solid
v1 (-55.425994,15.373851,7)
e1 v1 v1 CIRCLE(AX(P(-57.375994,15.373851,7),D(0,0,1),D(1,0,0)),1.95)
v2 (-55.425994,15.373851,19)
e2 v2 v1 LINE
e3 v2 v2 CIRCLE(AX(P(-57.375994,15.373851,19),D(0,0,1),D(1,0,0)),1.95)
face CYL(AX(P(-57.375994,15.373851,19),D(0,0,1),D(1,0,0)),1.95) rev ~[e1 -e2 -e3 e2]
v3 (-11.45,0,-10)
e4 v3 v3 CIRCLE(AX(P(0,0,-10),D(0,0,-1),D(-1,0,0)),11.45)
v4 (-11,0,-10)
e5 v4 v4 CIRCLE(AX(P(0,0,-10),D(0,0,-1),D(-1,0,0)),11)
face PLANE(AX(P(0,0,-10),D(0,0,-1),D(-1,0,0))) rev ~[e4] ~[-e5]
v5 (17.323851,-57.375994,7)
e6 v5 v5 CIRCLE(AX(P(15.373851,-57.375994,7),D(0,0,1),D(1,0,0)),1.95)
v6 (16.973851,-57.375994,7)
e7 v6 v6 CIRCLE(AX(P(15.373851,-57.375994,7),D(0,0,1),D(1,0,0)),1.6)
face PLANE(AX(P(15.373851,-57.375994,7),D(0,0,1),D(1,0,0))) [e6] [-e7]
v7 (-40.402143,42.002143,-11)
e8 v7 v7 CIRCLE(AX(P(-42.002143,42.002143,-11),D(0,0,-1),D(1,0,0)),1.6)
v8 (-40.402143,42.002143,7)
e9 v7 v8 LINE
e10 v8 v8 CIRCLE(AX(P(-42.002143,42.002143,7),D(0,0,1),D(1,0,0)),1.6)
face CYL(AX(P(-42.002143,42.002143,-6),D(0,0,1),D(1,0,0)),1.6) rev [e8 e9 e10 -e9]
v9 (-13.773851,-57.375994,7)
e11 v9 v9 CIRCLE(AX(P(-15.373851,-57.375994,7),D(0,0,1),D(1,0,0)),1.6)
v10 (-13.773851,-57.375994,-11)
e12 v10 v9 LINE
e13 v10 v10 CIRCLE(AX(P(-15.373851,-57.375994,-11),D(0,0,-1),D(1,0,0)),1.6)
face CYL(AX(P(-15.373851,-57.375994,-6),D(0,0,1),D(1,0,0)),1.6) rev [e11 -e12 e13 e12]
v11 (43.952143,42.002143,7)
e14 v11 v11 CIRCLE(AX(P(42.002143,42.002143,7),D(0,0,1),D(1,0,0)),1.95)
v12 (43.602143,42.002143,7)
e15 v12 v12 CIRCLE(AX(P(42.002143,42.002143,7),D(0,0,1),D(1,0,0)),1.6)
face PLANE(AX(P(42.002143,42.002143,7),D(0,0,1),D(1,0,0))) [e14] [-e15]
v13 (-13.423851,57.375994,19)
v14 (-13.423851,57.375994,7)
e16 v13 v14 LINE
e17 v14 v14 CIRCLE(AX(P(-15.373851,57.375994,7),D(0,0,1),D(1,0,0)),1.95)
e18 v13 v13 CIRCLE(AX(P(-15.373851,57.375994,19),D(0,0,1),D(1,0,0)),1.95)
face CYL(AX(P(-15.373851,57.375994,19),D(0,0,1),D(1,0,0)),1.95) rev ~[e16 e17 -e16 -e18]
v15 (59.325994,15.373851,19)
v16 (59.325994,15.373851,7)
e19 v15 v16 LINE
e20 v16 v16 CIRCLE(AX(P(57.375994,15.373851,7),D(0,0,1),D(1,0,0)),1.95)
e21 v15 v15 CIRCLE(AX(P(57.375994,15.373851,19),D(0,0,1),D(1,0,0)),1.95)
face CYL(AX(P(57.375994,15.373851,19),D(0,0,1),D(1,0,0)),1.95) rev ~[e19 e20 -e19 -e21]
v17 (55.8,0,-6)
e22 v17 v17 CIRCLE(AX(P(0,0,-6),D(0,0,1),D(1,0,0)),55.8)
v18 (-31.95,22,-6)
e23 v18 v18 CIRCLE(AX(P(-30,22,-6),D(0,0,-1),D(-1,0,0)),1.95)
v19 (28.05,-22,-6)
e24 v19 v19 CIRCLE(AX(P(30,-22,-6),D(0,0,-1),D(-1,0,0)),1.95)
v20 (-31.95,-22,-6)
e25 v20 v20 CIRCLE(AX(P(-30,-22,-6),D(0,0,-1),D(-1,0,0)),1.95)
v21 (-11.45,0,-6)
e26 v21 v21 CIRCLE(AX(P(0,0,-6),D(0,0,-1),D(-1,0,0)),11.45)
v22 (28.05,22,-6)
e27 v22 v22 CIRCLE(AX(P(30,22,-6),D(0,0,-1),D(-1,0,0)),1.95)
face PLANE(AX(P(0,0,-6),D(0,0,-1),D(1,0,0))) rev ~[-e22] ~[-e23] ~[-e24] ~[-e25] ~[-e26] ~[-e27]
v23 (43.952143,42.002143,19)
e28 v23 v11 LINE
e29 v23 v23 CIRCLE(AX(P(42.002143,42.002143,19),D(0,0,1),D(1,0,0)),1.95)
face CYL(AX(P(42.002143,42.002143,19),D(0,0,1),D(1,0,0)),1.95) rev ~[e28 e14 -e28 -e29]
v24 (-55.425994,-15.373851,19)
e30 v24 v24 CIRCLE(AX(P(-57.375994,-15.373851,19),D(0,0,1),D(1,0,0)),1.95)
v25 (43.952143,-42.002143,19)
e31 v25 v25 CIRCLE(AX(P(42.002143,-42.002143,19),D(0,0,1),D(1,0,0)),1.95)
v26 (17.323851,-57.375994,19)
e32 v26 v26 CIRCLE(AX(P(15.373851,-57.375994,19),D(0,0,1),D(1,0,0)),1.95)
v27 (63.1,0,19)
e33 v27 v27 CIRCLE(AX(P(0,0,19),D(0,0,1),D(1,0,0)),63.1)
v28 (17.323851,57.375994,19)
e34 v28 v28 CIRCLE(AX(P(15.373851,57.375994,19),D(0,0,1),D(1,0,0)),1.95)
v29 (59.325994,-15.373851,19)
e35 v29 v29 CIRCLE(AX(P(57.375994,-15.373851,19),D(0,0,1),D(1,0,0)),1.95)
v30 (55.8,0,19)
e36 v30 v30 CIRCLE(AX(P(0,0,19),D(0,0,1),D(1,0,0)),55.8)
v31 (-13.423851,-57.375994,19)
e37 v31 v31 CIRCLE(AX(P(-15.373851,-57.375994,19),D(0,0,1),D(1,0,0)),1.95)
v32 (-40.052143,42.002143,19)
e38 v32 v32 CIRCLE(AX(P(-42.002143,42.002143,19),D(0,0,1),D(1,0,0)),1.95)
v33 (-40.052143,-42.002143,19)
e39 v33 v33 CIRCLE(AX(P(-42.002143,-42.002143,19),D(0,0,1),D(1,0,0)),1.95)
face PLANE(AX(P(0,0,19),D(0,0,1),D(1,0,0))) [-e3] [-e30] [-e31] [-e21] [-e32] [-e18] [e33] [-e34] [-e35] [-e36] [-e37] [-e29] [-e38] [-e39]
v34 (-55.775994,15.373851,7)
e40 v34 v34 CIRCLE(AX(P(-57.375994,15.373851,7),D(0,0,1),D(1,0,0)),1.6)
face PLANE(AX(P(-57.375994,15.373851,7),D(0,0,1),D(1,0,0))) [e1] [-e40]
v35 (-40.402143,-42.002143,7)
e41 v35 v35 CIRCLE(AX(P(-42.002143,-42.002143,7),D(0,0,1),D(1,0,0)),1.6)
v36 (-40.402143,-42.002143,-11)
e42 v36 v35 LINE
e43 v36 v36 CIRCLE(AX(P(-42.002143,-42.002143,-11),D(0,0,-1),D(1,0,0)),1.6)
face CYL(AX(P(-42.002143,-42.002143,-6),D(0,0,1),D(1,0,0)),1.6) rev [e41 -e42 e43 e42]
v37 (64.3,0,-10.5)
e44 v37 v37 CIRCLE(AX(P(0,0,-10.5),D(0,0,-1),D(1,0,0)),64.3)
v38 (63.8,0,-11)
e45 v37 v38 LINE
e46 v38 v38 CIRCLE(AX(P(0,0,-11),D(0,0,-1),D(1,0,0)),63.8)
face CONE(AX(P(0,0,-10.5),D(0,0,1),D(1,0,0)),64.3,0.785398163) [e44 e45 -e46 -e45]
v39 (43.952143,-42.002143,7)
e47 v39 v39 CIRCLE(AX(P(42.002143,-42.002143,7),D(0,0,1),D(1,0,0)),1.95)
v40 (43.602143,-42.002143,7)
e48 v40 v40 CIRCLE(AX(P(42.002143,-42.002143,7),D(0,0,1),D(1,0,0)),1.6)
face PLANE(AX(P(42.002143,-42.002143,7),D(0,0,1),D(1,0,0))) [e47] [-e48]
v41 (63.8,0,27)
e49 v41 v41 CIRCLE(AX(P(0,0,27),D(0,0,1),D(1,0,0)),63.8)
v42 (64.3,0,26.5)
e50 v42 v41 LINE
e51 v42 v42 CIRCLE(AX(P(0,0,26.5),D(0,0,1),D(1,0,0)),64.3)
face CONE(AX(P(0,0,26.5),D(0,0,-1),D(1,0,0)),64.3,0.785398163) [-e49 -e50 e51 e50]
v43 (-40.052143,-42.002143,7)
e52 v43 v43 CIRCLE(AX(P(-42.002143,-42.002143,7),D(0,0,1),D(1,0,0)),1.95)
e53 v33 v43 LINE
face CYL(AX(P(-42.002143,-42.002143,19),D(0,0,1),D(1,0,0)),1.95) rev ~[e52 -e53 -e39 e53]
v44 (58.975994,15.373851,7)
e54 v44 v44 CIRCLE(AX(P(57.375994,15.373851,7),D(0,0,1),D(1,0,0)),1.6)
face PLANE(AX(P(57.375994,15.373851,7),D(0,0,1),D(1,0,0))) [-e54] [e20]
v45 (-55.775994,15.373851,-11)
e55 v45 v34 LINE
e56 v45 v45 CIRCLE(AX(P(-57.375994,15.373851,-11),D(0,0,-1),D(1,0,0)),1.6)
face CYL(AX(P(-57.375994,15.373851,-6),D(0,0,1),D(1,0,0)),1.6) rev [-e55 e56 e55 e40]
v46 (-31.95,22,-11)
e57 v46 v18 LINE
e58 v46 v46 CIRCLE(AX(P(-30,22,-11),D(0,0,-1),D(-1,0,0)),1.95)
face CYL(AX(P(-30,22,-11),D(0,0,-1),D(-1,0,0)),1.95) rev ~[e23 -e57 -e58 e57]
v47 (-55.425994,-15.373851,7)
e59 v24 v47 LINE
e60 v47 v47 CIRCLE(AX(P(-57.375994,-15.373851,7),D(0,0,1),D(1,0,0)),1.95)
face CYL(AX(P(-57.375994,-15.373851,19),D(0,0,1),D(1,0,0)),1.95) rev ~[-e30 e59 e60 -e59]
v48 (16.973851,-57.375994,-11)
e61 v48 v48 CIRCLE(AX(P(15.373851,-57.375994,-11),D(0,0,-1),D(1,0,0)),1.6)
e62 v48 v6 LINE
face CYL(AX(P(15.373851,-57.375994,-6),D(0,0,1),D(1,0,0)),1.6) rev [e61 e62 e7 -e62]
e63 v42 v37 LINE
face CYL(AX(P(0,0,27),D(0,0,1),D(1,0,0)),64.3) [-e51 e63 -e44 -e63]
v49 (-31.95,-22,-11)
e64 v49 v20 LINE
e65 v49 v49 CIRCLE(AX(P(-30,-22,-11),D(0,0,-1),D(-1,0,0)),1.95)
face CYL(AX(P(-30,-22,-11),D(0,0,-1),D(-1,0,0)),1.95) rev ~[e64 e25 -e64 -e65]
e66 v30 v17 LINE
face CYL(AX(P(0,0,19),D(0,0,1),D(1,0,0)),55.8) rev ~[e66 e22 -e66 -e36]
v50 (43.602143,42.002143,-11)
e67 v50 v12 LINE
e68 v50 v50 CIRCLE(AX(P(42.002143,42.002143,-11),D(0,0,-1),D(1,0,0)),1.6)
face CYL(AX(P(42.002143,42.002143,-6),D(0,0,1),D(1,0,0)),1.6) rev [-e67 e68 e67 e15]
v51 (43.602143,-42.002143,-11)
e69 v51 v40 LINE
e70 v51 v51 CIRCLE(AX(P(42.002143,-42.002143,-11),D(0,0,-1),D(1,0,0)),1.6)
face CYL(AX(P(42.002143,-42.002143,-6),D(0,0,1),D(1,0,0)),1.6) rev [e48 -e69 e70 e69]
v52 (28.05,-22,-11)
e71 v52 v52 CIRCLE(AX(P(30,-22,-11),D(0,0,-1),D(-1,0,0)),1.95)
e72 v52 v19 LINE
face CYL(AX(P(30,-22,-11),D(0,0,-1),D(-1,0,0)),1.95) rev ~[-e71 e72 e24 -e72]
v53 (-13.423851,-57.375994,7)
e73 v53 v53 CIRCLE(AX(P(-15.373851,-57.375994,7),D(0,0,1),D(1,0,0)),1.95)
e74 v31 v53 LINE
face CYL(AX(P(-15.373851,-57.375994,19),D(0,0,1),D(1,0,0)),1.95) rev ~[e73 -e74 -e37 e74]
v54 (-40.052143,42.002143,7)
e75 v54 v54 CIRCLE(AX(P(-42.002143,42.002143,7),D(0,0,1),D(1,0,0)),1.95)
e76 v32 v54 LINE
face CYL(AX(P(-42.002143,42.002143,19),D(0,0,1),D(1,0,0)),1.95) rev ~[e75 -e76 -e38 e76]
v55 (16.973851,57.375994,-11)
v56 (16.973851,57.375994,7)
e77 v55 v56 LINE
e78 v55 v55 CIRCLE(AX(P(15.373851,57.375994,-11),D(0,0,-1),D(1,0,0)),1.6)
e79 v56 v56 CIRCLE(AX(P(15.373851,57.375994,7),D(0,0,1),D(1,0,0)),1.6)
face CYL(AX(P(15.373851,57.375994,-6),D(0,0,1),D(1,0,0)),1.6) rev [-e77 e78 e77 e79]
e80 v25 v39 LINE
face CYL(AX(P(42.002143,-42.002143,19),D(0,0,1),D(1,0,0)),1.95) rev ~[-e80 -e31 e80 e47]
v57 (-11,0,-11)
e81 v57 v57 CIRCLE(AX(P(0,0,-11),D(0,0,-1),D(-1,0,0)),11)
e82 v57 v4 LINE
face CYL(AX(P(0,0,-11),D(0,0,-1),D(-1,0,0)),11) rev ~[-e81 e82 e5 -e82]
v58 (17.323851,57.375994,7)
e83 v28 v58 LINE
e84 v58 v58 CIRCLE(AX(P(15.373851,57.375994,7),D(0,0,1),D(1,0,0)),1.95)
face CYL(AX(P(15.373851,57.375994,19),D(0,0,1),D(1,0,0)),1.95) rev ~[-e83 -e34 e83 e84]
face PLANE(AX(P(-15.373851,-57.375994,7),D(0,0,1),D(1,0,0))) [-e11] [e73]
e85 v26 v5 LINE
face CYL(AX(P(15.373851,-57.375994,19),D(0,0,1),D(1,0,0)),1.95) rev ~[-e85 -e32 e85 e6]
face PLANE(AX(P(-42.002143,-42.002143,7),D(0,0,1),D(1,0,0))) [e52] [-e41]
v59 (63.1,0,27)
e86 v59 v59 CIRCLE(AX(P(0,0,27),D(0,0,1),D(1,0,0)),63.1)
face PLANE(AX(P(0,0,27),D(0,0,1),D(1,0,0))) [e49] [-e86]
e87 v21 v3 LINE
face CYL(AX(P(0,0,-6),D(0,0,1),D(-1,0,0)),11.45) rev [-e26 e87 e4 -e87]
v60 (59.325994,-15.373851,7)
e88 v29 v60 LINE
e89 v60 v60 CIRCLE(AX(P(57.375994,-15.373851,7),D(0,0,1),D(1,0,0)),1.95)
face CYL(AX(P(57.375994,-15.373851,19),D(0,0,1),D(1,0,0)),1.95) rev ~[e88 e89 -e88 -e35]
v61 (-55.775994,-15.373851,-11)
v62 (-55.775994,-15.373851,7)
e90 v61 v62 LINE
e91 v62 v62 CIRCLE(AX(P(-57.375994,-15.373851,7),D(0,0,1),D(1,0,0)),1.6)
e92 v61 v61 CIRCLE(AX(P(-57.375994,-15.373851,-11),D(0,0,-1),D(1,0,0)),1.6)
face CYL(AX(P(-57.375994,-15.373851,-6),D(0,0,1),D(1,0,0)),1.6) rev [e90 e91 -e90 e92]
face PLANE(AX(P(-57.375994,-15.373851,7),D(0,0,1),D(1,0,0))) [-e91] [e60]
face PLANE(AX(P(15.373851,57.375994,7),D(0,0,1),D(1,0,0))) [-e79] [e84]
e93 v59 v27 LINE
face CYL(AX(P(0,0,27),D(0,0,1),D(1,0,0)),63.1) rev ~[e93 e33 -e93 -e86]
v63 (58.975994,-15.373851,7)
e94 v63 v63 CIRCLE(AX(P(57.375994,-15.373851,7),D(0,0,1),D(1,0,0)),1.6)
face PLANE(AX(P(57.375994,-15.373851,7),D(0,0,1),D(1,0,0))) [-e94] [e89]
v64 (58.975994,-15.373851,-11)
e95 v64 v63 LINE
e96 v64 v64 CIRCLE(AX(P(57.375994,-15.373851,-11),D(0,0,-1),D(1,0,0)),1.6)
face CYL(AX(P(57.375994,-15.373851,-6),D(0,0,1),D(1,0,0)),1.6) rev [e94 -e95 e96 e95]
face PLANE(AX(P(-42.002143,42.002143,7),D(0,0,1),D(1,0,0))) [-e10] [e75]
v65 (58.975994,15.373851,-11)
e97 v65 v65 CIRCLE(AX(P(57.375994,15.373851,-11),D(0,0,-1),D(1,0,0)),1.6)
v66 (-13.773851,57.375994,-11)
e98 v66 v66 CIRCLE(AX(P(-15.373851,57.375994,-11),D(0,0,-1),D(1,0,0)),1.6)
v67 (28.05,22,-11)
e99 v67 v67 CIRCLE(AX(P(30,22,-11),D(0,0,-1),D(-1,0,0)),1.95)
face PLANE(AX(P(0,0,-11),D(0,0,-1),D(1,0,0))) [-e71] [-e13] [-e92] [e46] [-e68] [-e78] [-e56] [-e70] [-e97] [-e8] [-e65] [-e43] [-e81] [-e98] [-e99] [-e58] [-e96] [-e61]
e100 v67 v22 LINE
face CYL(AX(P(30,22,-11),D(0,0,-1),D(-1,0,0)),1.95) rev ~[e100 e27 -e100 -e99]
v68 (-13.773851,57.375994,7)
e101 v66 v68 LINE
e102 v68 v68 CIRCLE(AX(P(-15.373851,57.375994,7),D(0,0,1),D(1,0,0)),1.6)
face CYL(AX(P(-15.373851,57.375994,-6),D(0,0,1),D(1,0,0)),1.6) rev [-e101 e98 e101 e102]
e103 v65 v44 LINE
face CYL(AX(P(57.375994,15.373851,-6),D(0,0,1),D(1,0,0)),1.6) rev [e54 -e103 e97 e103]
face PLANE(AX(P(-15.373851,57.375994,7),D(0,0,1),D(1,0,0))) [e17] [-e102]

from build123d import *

# Parameters (mm, degrees)
ACTUATOR_HOUSING_MOUNT_R    = 64.3
ACTUATOR_HOUSING_MOUNT_R_2  = 55.8
ACTUATOR_HOUSING_MOUNT_R_3  = 1.6
ACTUATOR_HOUSING_WALL_DEPTH = 25
SKETCH2_R                   = 64.3
SKETCH2_R_2                 = 1.6
SKETCH2_R_3                 = 55.8
BOSS_EXTRUDE2_DEPTH         = 5
CUT_EXTRUDE1_START          = -5
SKETCH3_R                   = 11.45
CUT_EXTRUDE1_DEPTH          = 4
SKETCH4_R                   = 11
CUT_EXTRUDE2_DEPTH          = 4
BOSS_EXTRUDE3_START         = 8
SKETCH6_R                   = 64.3
SKETCH6_R_2                 = 63.1
BOSS_EXTRUDE3_DEPTH         = 8
SKETCH7_R                   = 1.95
M3_INSERT_L12_DEPTH         = 12
CHAMFER2_SIZE               = 0.5
SKETCH9_R                   = 1.95
CUT_EXTRUDE5_DEPTH          = 10


with BuildPart() as part:
    # Actuator Housing Mount → Actuator Housing Wall (new body)
    with BuildSketch(Plane.XY.offset(19)):
        Circle(ACTUATOR_HOUSING_MOUNT_R)
        Circle(ACTUATOR_HOUSING_MOUNT_R_2, mode=Mode.SUBTRACT)
        with Locations((57.375994082, 15.373851279)):
            Circle(ACTUATOR_HOUSING_MOUNT_R_3, mode=Mode.SUBTRACT)
        with Locations((57.375994082, -15.373851279)):
            Circle(ACTUATOR_HOUSING_MOUNT_R_3, mode=Mode.SUBTRACT)
        with Locations((42.002142802, -42.002142802)):
            Circle(ACTUATOR_HOUSING_MOUNT_R_3, mode=Mode.SUBTRACT)
        with Locations((15.373851279, -57.375994082)):
            Circle(ACTUATOR_HOUSING_MOUNT_R_3, mode=Mode.SUBTRACT)
        with Locations((-15.373851279, -57.375994082)):
            Circle(ACTUATOR_HOUSING_MOUNT_R_3, mode=Mode.SUBTRACT)
        with Locations((-42.002142802, -42.002142802)):
            Circle(ACTUATOR_HOUSING_MOUNT_R_3, mode=Mode.SUBTRACT)
        with Locations((-57.375994082, -15.373851279)):
            Circle(ACTUATOR_HOUSING_MOUNT_R_3, mode=Mode.SUBTRACT)
        with Locations((-57.375994082, 15.373851279)):
            Circle(ACTUATOR_HOUSING_MOUNT_R_3, mode=Mode.SUBTRACT)
        with Locations((-42.002142802, 42.002142802)):
            Circle(ACTUATOR_HOUSING_MOUNT_R_3, mode=Mode.SUBTRACT)
        with Locations((-15.373851279, 57.375994082)):
            Circle(ACTUATOR_HOUSING_MOUNT_R_3, mode=Mode.SUBTRACT)
        with Locations((15.373851279, 57.375994082)):
            Circle(ACTUATOR_HOUSING_MOUNT_R_3, mode=Mode.SUBTRACT)
        with Locations((42.002142802, 42.002142802)):
            Circle(ACTUATOR_HOUSING_MOUNT_R_3, mode=Mode.SUBTRACT)
    extrude(amount=-ACTUATOR_HOUSING_WALL_DEPTH)

    # Sketch2 → Boss-Extrude2 (add)
    # profile 1 of 2: a face of its own
    with BuildSketch(Plane(origin=(0, 0, -6), x_dir=(-1, 0, 0), z_dir=(0, 0, -1))):
        with Locations(Location((0, 0, 0), (0, 0, 180))):
            Circle(SKETCH2_R)
        with Locations(Location((-15.373851279, 57.375994082, 0), (0, 0, 180))):
            Circle(SKETCH2_R_2, mode=Mode.SUBTRACT)
        with Locations(Location((42.002142802, 42.002142802, 0), (0, 0, 180))):
            Circle(SKETCH2_R_2, mode=Mode.SUBTRACT)
        with Locations(Location((57.375994082, -15.373851279, 0), (0, 0, 180))):
            Circle(SKETCH2_R_2, mode=Mode.SUBTRACT)
        with Locations(Location((15.373851279, -57.375994082, 0), (0, 0, 180))):
            Circle(SKETCH2_R_2, mode=Mode.SUBTRACT)
        with Locations(Location((-42.002142802, -42.002142802, 0), (0, 0, 180))):
            Circle(SKETCH2_R_2, mode=Mode.SUBTRACT)
        with Locations(Location((-57.375994082, -15.373851279, 0), (0, 0, 180))):
            Circle(SKETCH2_R_2, mode=Mode.SUBTRACT)
        with Locations(Location((-57.375994082, 15.373851279, 0), (0, 0, 180))):
            Circle(SKETCH2_R_2, mode=Mode.SUBTRACT)
        with Locations(Location((0, 0, 0), (0, 0, 180))):
            Circle(SKETCH2_R_3, mode=Mode.SUBTRACT)
        with Locations(Location((-15.373851279, -57.375994082, 0), (0, 0, 180))):
            Circle(SKETCH2_R_2, mode=Mode.SUBTRACT)
        with Locations(Location((42.002142802, -42.002142802, 0), (0, 0, 180))):
            Circle(SKETCH2_R_2, mode=Mode.SUBTRACT)
        with Locations(Location((57.375994082, 15.373851279, 0), (0, 0, 180))):
            Circle(SKETCH2_R_2, mode=Mode.SUBTRACT)
        with Locations(Location((15.373851279, 57.375994082, 0), (0, 0, 180))):
            Circle(SKETCH2_R_2, mode=Mode.SUBTRACT)
        with Locations(Location((-42.002142802, 42.002142802, 0), (0, 0, 180))):
            Circle(SKETCH2_R_2, mode=Mode.SUBTRACT)
    # profile 2 of 2: a face of its own
    with BuildSketch(Plane(origin=(0, 0, -6), x_dir=(-1, 0, 0), z_dir=(0, 0, -1))):
        with Locations(Location((0, 0, 0), (0, 0, 180))):
            Circle(SKETCH2_R_3)
    extrude(amount=BOSS_EXTRUDE2_DEPTH)

    # Sketch3 → Cut-Extrude1 (cut)
    with BuildSketch(Plane(origin=(0, 0, -11), x_dir=(-1, 0, 0), z_dir=(0, 0, -1)).offset(CUT_EXTRUDE1_START)):
        Circle(SKETCH3_R)
    extrude(amount=CUT_EXTRUDE1_DEPTH, mode=Mode.SUBTRACT)

    # Sketch4 → Cut-Extrude2 (cut)
    with BuildSketch(Plane(origin=(0, 0, -11), x_dir=(-1, 0, 0), z_dir=(0, 0, -1))):
        Circle(SKETCH4_R)
    extrude(amount=-CUT_EXTRUDE2_DEPTH, mode=Mode.SUBTRACT)

    # Sketch6 → Boss-Extrude3 (add)
    with BuildSketch(Plane.XY.offset(19).offset(BOSS_EXTRUDE3_START)):
        Circle(SKETCH6_R)
        Circle(SKETCH6_R_2, mode=Mode.SUBTRACT)
    extrude(amount=-BOSS_EXTRUDE3_DEPTH)

    # Sketch7 → M3 Insert L12 (cut)
    with BuildSketch(Plane.XY.offset(19)):
        with Locations((57.375994082, -15.373851279)):
            Circle(SKETCH7_R)
        with Locations((42.002142802, -42.002142802)):
            Circle(SKETCH7_R)
        with Locations((15.373851279, -57.375994082)):
            Circle(SKETCH7_R)
        with Locations((-15.373851279, -57.375994082)):
            Circle(SKETCH7_R)
        with Locations((-42.002142802, -42.002142802)):
            Circle(SKETCH7_R)
        with Locations((-57.375994082, -15.373851279)):
            Circle(SKETCH7_R)
        with Locations((-57.375994082, 15.373851279)):
            Circle(SKETCH7_R)
        with Locations((-42.002142802, 42.002142802)):
            Circle(SKETCH7_R)
        with Locations((-15.373851279, 57.375994082)):
            Circle(SKETCH7_R)
        with Locations((15.373851279, 57.375994082)):
            Circle(SKETCH7_R)
        with Locations((42.002142802, 42.002142802)):
            Circle(SKETCH7_R)
        with Locations((57.375994082, 15.373851279)):
            Circle(SKETCH7_R)
    extrude(amount=-M3_INSERT_L12_DEPTH, mode=Mode.SUBTRACT)

    # Chamfer2
    chamfer2_edges = [part.edges().sort_by_distance(p)[0] for p in [
        (-64.3, 0, 27),
        (-64.3, 0, -11),
    ]]
    chamfer(chamfer2_edges, length=CHAMFER2_SIZE)

    # Sketch9 → Cut-Extrude5 (cut)
    with BuildSketch(Plane(origin=(0, 0, -11), x_dir=(-1, 0, 0), z_dir=(0, 0, -1))):
        with Locations((-30, 22)):
            Circle(SKETCH9_R)
        with Locations((30, 22)):
            Circle(SKETCH9_R)
        with Locations((30, -22)):
            Circle(SKETCH9_R)
        with Locations((-30, -22)):
            Circle(SKETCH9_R)
    extrude(amount=-CUT_EXTRUDE5_DEPTH, mode=Mode.SUBTRACT)


solid = part.part
